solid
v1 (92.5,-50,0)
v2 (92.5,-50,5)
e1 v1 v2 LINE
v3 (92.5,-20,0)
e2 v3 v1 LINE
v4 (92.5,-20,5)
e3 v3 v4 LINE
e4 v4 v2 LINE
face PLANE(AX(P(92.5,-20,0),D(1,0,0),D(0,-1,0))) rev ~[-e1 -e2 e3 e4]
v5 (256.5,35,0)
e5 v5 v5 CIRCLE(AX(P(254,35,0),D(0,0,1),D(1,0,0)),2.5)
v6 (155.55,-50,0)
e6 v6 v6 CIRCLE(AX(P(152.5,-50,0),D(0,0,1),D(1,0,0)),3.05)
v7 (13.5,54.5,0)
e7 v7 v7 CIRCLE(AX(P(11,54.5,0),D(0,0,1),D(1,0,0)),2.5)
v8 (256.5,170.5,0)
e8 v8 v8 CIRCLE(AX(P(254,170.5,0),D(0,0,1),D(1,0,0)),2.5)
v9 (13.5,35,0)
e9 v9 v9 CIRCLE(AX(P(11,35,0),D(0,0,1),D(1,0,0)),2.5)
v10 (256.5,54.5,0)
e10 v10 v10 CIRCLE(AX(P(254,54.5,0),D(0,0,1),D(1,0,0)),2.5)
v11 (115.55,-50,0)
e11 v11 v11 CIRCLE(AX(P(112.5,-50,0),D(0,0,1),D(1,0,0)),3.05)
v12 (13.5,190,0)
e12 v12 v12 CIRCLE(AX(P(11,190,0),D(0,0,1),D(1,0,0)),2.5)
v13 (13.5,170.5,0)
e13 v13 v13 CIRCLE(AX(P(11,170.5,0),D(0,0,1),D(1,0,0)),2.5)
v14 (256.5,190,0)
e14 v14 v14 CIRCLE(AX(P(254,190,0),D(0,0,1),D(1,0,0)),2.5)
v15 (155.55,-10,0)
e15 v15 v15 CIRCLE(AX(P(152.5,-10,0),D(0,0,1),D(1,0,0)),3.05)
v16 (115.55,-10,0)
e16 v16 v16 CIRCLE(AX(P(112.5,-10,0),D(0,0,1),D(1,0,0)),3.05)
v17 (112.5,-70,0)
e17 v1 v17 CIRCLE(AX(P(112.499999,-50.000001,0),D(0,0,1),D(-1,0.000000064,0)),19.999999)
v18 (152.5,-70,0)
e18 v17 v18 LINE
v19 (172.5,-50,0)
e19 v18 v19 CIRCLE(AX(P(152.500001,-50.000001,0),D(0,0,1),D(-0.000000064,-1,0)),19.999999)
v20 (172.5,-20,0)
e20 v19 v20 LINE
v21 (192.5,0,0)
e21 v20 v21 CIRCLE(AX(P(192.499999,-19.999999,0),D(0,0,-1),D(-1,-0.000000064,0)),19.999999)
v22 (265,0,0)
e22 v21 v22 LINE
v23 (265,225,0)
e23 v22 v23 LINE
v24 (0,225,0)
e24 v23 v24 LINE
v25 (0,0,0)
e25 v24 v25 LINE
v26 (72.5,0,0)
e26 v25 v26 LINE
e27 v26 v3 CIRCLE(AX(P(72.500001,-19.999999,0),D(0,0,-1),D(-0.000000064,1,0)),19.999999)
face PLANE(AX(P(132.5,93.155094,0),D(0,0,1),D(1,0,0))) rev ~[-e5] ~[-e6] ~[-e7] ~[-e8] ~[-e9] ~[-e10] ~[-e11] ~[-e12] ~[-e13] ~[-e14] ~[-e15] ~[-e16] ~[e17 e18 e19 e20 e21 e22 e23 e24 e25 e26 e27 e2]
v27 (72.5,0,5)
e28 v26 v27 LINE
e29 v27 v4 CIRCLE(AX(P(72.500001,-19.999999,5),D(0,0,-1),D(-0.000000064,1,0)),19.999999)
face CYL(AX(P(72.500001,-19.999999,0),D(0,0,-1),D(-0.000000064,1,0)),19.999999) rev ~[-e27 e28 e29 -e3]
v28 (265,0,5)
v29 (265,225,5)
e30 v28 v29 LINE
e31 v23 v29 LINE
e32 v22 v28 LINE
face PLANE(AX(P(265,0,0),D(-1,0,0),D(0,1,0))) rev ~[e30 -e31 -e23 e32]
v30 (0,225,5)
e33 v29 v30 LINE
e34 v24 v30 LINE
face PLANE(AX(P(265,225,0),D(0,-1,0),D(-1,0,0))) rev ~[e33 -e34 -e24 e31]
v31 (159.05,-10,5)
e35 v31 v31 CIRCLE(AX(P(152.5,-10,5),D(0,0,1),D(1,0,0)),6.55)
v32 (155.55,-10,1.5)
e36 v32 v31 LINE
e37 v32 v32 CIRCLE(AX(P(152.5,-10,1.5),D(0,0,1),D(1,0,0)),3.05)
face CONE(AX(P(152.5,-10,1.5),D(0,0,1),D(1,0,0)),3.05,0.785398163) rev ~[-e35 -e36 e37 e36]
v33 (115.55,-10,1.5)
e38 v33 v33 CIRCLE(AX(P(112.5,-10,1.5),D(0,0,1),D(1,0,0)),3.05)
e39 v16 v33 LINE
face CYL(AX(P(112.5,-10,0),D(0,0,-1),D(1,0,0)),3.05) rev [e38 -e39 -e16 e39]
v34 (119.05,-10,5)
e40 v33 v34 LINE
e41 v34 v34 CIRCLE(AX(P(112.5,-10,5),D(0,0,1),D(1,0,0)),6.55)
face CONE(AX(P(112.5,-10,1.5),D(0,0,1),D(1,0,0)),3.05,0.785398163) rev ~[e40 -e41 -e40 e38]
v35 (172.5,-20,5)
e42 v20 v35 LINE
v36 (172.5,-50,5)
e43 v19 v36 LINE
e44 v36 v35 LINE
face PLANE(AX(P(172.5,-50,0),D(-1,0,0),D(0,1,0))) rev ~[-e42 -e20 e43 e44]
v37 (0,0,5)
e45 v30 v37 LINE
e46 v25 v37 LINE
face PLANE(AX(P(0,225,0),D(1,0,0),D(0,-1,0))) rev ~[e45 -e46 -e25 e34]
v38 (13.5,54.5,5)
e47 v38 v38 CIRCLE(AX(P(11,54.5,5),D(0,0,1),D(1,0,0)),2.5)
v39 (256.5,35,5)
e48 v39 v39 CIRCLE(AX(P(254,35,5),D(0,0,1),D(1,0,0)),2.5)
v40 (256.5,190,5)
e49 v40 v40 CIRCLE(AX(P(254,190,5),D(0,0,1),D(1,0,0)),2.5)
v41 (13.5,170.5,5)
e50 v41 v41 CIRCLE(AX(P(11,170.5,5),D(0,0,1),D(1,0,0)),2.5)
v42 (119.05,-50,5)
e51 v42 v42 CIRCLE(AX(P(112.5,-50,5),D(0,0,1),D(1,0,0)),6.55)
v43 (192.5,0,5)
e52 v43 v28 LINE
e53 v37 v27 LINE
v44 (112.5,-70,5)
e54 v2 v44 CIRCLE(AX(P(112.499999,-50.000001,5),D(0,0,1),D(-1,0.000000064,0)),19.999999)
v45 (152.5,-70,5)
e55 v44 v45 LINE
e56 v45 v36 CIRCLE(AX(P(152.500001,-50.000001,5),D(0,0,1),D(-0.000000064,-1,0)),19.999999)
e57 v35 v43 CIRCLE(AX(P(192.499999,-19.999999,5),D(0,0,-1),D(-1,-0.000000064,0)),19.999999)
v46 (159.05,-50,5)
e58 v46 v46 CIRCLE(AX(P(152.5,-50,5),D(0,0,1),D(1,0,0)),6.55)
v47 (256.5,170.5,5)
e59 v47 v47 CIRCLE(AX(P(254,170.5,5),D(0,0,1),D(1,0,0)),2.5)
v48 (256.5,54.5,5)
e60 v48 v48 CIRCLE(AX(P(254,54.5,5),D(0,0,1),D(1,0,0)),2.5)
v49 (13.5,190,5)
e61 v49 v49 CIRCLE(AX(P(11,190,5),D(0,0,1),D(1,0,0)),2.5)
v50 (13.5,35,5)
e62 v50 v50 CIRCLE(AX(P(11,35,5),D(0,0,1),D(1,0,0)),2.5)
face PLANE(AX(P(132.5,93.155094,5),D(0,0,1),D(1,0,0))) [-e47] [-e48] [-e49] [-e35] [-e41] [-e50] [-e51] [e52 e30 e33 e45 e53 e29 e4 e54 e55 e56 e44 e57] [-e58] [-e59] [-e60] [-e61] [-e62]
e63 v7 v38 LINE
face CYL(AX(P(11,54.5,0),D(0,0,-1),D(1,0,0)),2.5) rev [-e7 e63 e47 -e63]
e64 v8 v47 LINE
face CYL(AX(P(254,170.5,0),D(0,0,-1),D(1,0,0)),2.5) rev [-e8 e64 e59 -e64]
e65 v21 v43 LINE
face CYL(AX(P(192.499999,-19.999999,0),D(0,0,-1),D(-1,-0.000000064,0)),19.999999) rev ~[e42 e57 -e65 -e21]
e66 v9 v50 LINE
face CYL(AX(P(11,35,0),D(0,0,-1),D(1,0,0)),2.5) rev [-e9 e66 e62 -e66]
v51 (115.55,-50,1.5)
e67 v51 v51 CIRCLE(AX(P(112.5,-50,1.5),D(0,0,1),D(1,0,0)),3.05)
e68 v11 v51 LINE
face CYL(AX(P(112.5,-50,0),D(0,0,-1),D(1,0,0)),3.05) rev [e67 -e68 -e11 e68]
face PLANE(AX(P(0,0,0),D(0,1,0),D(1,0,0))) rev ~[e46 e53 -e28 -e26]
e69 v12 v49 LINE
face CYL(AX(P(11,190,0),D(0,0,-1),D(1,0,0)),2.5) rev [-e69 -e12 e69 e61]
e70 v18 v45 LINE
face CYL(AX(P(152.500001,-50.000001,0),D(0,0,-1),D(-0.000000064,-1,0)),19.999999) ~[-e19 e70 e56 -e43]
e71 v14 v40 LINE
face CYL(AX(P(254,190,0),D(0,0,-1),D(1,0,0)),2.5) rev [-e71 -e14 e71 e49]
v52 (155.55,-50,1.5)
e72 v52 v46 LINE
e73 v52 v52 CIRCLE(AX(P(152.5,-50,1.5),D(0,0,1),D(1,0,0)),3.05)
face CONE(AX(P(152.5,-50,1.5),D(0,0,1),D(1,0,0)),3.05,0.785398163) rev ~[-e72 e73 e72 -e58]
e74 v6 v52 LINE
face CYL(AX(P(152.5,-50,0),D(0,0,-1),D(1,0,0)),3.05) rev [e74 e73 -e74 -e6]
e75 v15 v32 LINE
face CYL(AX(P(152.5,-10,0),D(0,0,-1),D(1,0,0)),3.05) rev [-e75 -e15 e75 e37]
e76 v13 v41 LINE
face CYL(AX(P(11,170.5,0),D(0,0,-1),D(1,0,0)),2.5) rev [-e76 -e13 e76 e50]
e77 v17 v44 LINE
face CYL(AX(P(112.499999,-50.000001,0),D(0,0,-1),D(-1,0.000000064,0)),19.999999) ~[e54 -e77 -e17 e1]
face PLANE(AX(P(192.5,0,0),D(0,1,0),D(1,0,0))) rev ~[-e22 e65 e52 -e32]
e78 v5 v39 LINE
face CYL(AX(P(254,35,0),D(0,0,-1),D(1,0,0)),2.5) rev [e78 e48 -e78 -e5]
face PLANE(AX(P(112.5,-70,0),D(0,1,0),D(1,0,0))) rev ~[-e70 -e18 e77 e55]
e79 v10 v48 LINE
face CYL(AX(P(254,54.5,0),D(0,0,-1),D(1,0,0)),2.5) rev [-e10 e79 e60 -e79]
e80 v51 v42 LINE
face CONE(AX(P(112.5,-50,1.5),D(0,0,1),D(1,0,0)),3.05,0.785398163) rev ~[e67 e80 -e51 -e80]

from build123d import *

# Parameters (mm, degrees)
F0_R     = 3.05
F0_R_2   = 2.5
F1_DEPTH = 5
F2_SIZE  = 3.5


with BuildPart() as f1:
    # F0 (on Top) → F1 (new body)
    with BuildSketch(Plane.XY):
        with BuildLine():
            Line((0, 225), (0, 0))
            Line((0, 0), (72.5, 0))
            ThreePointArc((72.5, 0), (86.642136, -5.857864), (92.5, -20))
            Line((92.5, -20), (92.5, -50))
            ThreePointArc((92.5, -50), (98.357864, -64.142136), (112.5, -70))
            Line((112.5, -70), (152.5, -70))
            ThreePointArc((152.5, -70), (166.642136, -64.142136), (172.5, -50))
            Line((172.5, -50), (172.5, -20))
            ThreePointArc((172.5, -20), (178.357864, -5.857864), (192.5, 0))
            Line((192.5, 0), (265, 0))
            Line((265, 0), (265, 225))
            Line((265, 225), (0, 225))
        make_face()
        with Locations((112.5, -50)):
            Circle(F0_R, mode=Mode.SUBTRACT)
        with Locations((112.5, -10)):
            Circle(F0_R, mode=Mode.SUBTRACT)
        with Locations((11, 35)):
            Circle(F0_R_2, mode=Mode.SUBTRACT)
        with Locations((11, 54.5)):
            Circle(F0_R_2, mode=Mode.SUBTRACT)
        with Locations((152.5, -50)):
            Circle(F0_R, mode=Mode.SUBTRACT)
        with Locations((152.5, -10)):
            Circle(F0_R, mode=Mode.SUBTRACT)
        with Locations((254, 35)):
            Circle(F0_R_2, mode=Mode.SUBTRACT)
        with Locations((254, 54.5)):
            Circle(F0_R_2, mode=Mode.SUBTRACT)
        with Locations((11, 170.5)):
            Circle(F0_R_2, mode=Mode.SUBTRACT)
        with Locations((11, 190)):
            Circle(F0_R_2, mode=Mode.SUBTRACT)
        with Locations((254, 170.5)):
            Circle(F0_R_2, mode=Mode.SUBTRACT)
        with Locations((254, 190)):
            Circle(F0_R_2, mode=Mode.SUBTRACT)
    extrude(amount=F1_DEPTH)

    # F2
    f2_edges = [f1.edges().sort_by_distance(p)[0] for p in [
        (109.45, -10, 5),
        (149.45, -10, 5),
        (109.45, -50, 5),
        (149.45, -50, 5),
    ]]
    chamfer(f2_edges, length=F2_SIZE)


solid = f1.part
